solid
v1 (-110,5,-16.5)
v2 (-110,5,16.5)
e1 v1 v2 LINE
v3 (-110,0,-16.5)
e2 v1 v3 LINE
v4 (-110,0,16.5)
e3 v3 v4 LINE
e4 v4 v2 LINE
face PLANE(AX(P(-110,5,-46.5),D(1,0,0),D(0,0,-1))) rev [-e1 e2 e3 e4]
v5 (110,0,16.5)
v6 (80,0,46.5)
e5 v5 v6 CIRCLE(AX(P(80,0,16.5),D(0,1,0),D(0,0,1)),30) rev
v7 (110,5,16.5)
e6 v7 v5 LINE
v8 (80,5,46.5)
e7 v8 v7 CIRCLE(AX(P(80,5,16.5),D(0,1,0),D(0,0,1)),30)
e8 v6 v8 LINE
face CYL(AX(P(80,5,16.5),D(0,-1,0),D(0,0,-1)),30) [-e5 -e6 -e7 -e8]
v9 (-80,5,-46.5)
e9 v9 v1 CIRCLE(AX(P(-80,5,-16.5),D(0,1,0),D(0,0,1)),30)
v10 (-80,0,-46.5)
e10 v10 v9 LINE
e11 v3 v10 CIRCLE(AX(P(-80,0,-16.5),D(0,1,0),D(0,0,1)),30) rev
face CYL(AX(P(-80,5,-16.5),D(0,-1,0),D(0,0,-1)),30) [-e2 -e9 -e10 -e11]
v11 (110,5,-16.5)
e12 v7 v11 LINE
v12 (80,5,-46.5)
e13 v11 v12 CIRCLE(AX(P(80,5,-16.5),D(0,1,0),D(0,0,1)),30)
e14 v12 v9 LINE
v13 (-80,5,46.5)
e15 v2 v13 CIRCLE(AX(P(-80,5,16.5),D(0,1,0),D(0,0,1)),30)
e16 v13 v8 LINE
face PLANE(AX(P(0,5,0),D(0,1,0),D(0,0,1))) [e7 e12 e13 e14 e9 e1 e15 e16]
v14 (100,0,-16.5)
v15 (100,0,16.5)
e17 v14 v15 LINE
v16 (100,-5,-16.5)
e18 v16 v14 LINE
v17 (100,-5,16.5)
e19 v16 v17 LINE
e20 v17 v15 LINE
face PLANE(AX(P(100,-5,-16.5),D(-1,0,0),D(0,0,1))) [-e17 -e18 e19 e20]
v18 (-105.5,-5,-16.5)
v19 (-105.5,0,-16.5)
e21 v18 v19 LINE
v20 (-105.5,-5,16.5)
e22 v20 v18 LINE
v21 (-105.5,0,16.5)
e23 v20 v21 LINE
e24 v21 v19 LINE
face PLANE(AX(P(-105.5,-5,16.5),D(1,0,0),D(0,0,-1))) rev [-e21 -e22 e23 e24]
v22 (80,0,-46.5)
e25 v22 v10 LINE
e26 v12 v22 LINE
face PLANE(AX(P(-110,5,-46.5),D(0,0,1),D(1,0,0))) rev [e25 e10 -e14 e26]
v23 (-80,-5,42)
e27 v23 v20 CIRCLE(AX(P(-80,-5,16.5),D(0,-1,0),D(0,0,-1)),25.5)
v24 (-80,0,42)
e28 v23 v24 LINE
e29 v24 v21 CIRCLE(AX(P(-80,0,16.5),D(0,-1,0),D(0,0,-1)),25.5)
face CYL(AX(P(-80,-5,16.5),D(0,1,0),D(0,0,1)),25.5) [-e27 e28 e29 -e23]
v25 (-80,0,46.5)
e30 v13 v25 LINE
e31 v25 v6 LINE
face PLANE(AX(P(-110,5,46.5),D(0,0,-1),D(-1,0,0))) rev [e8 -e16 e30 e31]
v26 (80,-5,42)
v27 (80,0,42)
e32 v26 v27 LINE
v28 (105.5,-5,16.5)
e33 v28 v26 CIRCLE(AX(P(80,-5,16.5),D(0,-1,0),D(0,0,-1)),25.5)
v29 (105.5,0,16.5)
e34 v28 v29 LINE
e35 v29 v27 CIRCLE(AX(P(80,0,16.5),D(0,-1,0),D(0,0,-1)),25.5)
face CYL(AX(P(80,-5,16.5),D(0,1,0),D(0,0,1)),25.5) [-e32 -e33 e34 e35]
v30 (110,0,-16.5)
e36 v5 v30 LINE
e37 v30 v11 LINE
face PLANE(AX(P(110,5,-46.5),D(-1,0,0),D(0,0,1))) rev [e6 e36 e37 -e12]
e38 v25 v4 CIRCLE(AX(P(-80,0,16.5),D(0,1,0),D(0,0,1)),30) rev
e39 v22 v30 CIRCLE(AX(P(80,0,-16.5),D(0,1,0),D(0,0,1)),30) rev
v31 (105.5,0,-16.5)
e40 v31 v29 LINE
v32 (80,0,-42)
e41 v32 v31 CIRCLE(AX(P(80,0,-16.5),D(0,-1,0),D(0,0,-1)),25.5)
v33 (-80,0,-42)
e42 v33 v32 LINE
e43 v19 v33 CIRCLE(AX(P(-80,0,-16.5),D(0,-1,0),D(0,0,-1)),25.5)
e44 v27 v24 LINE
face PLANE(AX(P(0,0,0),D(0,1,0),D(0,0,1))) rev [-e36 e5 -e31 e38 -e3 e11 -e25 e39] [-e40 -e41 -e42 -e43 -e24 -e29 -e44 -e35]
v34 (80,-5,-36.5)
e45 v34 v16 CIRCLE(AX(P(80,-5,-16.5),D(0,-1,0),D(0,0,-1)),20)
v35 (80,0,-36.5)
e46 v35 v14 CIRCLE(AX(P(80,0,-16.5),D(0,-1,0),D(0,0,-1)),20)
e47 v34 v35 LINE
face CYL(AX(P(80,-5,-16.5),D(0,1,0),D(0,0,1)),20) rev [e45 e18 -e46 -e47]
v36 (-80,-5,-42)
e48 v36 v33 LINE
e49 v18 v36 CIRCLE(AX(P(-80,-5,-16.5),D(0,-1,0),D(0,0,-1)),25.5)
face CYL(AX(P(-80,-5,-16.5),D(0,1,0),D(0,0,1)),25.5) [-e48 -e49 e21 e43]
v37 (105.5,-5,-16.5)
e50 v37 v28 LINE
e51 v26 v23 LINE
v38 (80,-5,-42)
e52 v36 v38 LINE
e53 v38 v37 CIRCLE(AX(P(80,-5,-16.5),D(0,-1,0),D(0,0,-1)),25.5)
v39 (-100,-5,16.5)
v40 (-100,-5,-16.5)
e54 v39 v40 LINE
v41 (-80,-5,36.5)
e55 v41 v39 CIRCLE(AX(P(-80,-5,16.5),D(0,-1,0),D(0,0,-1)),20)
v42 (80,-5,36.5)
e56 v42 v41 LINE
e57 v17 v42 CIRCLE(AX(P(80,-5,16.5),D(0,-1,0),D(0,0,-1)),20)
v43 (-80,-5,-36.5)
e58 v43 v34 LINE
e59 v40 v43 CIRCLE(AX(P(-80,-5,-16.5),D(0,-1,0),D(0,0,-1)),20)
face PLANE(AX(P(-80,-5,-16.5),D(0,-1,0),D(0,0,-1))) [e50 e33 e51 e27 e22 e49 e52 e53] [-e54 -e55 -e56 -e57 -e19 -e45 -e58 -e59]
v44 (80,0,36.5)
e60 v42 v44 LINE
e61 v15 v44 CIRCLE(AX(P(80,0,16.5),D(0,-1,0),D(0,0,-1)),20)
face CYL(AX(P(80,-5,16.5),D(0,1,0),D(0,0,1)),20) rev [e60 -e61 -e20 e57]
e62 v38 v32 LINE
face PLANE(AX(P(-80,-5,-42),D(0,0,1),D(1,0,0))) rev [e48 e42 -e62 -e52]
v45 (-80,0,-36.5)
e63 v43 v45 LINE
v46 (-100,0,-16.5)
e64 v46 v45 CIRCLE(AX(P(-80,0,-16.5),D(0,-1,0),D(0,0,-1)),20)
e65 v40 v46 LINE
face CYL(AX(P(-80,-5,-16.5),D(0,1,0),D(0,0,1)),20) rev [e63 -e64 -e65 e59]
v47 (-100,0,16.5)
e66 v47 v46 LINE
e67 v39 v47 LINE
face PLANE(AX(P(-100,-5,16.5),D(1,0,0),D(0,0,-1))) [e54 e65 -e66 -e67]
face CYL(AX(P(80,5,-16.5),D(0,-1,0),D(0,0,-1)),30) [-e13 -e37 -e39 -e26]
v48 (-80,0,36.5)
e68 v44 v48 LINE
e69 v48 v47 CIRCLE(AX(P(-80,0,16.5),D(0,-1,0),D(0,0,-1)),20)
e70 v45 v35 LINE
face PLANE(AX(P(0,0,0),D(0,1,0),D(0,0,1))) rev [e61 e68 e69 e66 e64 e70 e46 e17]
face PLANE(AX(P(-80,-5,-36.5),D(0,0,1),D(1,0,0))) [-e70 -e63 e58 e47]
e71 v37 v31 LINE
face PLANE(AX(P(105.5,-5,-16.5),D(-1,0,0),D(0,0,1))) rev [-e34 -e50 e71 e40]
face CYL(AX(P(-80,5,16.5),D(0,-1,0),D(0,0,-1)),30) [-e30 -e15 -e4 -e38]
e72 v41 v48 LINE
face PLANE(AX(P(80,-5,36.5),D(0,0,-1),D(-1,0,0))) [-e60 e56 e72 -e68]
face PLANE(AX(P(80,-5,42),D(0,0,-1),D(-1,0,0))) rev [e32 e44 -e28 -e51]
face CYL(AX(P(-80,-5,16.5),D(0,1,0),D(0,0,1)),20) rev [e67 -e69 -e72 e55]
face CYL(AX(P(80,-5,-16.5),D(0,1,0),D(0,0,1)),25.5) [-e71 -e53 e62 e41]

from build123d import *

# Parameters (mm, degrees)
SKETCH_1_W      = 220
SKETCH_1_H      = 93
EXTRUDE_1_DEPTH = 5
FILLET_1_R      = 30
EXTRUDE_2_DEPTH = 5


with BuildPart() as part:
    # 草圖1 → 填料-伸長1 (new body)
    with BuildSketch(Plane(origin=(0, 0, 0), x_dir=(1, 0, 0), z_dir=(0, 1, 0))):
        Rectangle(SKETCH_1_W, SKETCH_1_H)
    extrude(amount=EXTRUDE_1_DEPTH)

    # 圓角1
    fillet_1_edges = [part.edges().sort_by_distance(p)[0] for p in [
        (110, 2.5, 46.5),
        (-110, 2.5, 46.5),
        (-110, 2.5, -46.5),
        (110, 2.5, -46.5),
    ]]
    fillet(fillet_1_edges, radius=FILLET_1_R)

    # 草圖2 → 填料-伸長2 (add)
    with BuildSketch(Plane.XZ):
        with BuildLine():
            Line((-80, -42), (80, -42))
            ThreePointArc((80, -42), (98.03122292, -34.53122292), (105.5, -16.5))
            Line((105.5, -16.5), (105.5, 16.5))
            ThreePointArc((105.5, 16.5), (98.03122292, 34.53122292), (80, 42))
            Line((80, 42), (-80, 42))
            ThreePointArc((-80, 42), (-98.03122292, 34.53122292), (-105.5, 16.5))
            Line((-105.5, 16.5), (-105.5, -16.5))
            ThreePointArc((-105.5, -16.5), (-98.03122292, -34.53122292), (-80, -42))
        make_face()
        with BuildLine():
            Line((-80, -36.5), (80, -36.5))
            ThreePointArc((80, -36.5), (94.142135624, -30.642135624), (100, -16.5))
            Line((100, -16.5), (100, 16.5))
            ThreePointArc((100, 16.5), (94.142135624, 30.642135624), (80, 36.5))
            Line((80, 36.5), (-80, 36.5))
            ThreePointArc((-80, 36.5), (-94.142135624, 30.642135624), (-100, 16.5))
            Line((-100, 16.5), (-100, -16.5))
            ThreePointArc((-100, -16.5), (-94.142135624, -30.642135624), (-80, -36.5))
        make_face(mode=Mode.SUBTRACT)
    extrude(amount=EXTRUDE_2_DEPTH)


solid = part.part
